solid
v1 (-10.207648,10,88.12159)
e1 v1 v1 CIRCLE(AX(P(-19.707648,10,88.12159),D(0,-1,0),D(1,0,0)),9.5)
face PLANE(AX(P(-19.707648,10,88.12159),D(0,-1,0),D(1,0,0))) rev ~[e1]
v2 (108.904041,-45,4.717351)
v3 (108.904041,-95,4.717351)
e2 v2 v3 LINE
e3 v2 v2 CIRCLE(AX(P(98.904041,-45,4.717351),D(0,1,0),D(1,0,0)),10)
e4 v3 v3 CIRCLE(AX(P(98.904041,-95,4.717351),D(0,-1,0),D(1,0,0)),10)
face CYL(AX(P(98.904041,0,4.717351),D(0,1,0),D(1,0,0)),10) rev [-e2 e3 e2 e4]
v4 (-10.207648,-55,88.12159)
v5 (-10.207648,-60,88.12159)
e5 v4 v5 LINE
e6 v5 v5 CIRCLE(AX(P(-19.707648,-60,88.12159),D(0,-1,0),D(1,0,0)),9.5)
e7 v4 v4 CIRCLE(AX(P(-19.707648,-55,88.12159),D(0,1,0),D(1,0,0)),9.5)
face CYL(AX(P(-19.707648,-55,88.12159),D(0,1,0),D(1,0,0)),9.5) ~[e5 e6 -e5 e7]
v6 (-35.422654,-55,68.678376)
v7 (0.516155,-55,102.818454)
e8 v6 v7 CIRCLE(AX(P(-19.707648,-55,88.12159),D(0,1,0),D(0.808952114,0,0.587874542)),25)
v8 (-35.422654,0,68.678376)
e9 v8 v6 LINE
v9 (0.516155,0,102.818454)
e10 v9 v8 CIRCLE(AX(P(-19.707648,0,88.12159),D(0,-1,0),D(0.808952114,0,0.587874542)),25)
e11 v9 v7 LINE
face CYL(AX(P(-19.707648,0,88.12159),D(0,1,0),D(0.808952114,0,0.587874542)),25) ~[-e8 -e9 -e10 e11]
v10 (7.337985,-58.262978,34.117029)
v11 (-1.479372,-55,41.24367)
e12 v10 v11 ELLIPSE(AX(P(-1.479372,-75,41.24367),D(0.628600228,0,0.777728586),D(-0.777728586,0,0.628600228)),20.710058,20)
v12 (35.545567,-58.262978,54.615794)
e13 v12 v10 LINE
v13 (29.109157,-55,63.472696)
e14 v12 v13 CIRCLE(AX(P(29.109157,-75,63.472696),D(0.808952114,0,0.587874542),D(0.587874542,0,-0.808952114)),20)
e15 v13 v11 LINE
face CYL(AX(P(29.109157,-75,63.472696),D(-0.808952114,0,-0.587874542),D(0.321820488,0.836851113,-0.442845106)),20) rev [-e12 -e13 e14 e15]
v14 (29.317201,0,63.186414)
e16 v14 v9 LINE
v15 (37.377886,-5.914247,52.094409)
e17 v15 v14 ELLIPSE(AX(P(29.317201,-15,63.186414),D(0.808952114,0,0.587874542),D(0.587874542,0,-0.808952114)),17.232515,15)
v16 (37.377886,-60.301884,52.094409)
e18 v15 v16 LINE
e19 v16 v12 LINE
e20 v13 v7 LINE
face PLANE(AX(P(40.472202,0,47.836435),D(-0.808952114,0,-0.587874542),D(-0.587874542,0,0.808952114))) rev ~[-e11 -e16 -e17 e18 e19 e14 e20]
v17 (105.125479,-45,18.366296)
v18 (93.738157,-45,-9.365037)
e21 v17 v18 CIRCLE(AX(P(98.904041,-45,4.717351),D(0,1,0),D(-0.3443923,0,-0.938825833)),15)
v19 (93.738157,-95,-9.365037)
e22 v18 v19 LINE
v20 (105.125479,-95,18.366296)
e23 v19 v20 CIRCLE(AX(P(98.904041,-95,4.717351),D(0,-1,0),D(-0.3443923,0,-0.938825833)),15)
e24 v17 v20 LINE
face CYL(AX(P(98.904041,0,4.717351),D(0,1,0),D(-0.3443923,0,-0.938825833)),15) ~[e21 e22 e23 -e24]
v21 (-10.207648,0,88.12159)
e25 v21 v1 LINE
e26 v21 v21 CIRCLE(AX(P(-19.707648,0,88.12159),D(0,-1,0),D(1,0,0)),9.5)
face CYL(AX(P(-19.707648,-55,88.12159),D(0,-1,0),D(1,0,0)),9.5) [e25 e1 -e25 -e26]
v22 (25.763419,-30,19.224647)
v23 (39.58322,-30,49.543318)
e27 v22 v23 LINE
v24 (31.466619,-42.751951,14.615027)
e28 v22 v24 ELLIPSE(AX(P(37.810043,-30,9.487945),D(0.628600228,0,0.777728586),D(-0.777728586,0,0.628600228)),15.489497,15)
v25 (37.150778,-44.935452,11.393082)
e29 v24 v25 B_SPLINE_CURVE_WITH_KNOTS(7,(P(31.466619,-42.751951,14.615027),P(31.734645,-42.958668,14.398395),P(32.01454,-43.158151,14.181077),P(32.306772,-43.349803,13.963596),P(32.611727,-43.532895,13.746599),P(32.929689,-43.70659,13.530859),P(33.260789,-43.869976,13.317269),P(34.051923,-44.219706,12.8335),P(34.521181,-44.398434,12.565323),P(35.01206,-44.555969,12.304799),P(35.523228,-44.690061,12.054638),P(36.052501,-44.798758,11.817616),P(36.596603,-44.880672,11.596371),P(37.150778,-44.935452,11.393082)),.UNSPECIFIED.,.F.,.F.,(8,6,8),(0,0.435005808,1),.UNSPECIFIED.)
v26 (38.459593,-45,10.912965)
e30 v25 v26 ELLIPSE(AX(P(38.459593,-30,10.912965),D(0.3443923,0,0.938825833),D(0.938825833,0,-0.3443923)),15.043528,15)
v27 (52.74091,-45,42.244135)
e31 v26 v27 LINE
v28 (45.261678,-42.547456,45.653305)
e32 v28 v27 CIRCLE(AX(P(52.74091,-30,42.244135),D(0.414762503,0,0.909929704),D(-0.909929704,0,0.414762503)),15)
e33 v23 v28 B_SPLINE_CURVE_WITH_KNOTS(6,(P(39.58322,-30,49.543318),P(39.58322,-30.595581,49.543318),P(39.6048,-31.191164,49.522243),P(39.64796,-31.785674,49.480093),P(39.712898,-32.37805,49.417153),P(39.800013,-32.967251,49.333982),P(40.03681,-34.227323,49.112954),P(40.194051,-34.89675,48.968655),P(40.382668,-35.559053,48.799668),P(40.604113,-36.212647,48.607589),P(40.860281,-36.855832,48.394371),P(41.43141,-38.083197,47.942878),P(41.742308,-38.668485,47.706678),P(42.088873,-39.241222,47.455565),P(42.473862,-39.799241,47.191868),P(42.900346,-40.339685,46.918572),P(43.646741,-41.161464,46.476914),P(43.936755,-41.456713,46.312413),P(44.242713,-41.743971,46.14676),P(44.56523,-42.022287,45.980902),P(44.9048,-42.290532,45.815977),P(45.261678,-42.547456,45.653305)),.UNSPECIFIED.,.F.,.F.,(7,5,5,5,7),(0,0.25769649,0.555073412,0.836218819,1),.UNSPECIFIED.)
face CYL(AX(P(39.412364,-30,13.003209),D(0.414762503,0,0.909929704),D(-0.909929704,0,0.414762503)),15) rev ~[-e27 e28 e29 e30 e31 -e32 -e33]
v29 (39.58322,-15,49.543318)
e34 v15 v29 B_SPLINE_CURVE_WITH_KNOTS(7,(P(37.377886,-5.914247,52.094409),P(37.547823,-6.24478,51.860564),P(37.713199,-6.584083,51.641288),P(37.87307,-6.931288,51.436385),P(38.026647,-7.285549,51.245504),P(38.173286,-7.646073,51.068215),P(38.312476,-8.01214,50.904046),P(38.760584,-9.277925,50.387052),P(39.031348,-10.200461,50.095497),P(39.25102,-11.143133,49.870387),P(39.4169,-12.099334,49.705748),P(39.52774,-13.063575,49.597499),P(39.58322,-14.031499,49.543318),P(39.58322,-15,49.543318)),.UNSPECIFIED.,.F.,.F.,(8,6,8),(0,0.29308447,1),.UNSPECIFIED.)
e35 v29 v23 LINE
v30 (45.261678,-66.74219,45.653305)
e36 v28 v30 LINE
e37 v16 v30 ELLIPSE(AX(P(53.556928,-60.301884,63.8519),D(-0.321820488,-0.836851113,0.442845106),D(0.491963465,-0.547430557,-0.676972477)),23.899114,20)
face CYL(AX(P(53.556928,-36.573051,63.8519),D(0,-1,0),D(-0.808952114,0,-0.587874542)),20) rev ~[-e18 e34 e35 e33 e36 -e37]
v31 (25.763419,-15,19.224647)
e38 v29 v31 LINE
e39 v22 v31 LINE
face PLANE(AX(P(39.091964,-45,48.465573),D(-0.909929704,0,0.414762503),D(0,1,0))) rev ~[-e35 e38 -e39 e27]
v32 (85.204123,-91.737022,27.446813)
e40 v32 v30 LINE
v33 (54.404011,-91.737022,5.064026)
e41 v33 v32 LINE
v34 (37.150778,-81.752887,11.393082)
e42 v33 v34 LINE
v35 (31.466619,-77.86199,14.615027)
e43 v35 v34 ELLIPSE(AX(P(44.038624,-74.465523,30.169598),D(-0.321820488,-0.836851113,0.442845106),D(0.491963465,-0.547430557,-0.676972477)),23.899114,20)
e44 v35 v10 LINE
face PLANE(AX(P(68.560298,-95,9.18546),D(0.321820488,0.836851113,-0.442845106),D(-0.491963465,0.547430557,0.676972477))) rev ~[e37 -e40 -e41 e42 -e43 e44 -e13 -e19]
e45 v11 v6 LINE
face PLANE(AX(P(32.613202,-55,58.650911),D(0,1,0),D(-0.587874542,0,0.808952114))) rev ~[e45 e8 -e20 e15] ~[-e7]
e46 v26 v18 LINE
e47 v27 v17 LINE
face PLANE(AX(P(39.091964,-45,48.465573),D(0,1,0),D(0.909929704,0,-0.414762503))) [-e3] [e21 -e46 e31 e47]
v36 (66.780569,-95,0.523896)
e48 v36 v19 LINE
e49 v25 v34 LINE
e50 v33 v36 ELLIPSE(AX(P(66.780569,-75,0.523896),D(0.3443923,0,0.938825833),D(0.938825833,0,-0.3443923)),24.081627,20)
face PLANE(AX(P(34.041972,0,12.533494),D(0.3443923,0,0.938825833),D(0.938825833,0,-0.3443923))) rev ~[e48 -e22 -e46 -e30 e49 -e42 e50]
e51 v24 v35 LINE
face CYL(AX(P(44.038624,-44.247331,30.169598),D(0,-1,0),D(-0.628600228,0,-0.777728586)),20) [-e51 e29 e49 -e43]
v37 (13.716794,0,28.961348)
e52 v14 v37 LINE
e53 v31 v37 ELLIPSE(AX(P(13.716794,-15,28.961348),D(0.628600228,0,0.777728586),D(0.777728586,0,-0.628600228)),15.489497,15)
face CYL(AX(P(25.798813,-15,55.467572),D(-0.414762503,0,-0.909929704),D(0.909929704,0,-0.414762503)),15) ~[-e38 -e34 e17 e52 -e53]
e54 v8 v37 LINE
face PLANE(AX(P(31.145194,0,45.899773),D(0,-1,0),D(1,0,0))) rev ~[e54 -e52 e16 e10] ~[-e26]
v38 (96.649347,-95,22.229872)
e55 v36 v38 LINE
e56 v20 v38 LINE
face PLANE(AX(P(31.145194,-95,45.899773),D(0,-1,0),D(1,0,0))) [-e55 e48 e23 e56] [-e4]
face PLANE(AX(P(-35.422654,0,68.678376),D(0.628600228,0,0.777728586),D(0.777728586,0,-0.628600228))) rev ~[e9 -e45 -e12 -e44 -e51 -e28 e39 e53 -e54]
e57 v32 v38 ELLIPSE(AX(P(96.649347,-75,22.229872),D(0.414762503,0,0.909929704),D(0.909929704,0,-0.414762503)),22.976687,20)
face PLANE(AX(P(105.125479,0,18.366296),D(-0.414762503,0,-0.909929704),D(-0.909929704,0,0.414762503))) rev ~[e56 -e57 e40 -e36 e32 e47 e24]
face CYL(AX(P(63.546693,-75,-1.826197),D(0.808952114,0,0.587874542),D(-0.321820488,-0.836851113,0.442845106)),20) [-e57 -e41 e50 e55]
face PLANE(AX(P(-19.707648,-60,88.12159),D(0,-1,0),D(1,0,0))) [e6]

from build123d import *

# Parameters (mm, degrees)
F0_R          = 10
F0_R_2        = 9.5
F1_DEPTH      = 95
F3_DEPTH      = 103.0741500701
F3_DEPTH_BACK = 97.783322066
F4_W          = 111.3981074931
F4_H          = 45
F5_DEPTH      = 88.2146892838
F5_DEPTH_BACK = 25
F6_R          = 15
F7_R          = 20
F8_R          = 9.5
F9_DEPTH      = 5
F9_DEPTH_BACK = 65
F10_R         = 20


with BuildPart() as f1:
    # F0 (on Front) → F1 (new body)
    with BuildSketch(Plane.XZ):
        with BuildLine():
            Line((40.472202318, 47.836435473), (0.5161550447, 102.8184539019))
            ThreePointArc((0.5161550447, 102.8184539019), (-36.9259098509, 106.247026954), (-35.422653502, 68.6783756984))
            Line((-35.422653502, 68.6783756984), (34.0419716339, 12.5334943419))
            Line((34.0419716339, 12.5334943419), (93.7381570012, -9.3650366096))
            ThreePointArc((93.7381570012, -9.3650366096), (112.7797489078, -0.9804332321), (105.1254790408, 18.3662964382))
            Line((105.1254790408, 18.3662964382), (40.472202318, 47.836435473))
        make_face()
        with Locations((98.9040414947, 4.7173508797)):
            Circle(F0_R, mode=Mode.SUBTRACT)
        with Locations((-19.7076478051, 88.121590349)):
            Circle(F0_R_2, mode=Mode.SUBTRACT)
    extrude(amount=F1_DEPTH)

    # F2 (on face) → F3 (cut, two sides)
    with BuildSketch(Plane(origin=(49.2343596113, 0, 35.7791593745), x_dir=(0, 1, 0), z_dir=(0.808952114, 0, 0.5878745421))) as f3_sk:
        Polygon((-55, 28.273306787), (-55, 107.9234746602), (-95, 107.9234746602), (-95, -12.0765253398), (-95, -32.8742563725), align=None)
    extrude(amount=-F3_DEPTH, mode=Mode.SUBTRACT)
    extrude(f3_sk.sketch, amount=F3_DEPTH_BACK, mode=Mode.SUBTRACT)

    # F4 (on face) → F5 (cut, two sides)
    with BuildSketch(Plane(origin=(25.0160459603, 0, 54.8816325595), x_dir=(0.9099297039, 0, -0.4147625031), z_dir=(0.4147625031, 0, 0.9099297039))) as f5_sk:
        with Locations((71.1682909773, -22.5)):
            Rectangle(F4_W, F4_H)
    extrude(amount=-F5_DEPTH, mode=Mode.SUBTRACT)
    extrude(f5_sk.sketch, amount=F5_DEPTH_BACK, mode=Mode.SUBTRACT)

    # F6
    f6_edges = [f1.edges().sort_by_distance(p)[0] for p in [
        (32.605588, -45, 34.23539),
        (32.605588, 0, 34.23539),
    ]]
    fillet(f6_edges, radius=F6_R)

    # F7
    f7_edges = [f1.edges().sort_by_distance(p)[0] for p in [
        (40.472202, -50.159062, 47.836435),
        (34.041972, -62.100604, 12.533494),
    ]]
    fillet(f7_edges, radius=F7_R)

    # F8 (on face) → F9 (join, two sides)
    with BuildSketch(Plane.XZ.offset(55)) as f9_sk:
        with Locations((-19.7076478051, 88.121590349)):
            Circle(F8_R)
    extrude(amount=F9_DEPTH)
    extrude(f9_sk.sketch, amount=-F9_DEPTH_BACK)

    # F10
    f10_edges = [f1.edges().sort_by_distance(p)[0] for p in [
        (17.967044, -55, 48.007383),
        (75.23055, -95, 14.032807),
    ]]
    fillet(f10_edges, radius=F10_R)


solid = f1.part
